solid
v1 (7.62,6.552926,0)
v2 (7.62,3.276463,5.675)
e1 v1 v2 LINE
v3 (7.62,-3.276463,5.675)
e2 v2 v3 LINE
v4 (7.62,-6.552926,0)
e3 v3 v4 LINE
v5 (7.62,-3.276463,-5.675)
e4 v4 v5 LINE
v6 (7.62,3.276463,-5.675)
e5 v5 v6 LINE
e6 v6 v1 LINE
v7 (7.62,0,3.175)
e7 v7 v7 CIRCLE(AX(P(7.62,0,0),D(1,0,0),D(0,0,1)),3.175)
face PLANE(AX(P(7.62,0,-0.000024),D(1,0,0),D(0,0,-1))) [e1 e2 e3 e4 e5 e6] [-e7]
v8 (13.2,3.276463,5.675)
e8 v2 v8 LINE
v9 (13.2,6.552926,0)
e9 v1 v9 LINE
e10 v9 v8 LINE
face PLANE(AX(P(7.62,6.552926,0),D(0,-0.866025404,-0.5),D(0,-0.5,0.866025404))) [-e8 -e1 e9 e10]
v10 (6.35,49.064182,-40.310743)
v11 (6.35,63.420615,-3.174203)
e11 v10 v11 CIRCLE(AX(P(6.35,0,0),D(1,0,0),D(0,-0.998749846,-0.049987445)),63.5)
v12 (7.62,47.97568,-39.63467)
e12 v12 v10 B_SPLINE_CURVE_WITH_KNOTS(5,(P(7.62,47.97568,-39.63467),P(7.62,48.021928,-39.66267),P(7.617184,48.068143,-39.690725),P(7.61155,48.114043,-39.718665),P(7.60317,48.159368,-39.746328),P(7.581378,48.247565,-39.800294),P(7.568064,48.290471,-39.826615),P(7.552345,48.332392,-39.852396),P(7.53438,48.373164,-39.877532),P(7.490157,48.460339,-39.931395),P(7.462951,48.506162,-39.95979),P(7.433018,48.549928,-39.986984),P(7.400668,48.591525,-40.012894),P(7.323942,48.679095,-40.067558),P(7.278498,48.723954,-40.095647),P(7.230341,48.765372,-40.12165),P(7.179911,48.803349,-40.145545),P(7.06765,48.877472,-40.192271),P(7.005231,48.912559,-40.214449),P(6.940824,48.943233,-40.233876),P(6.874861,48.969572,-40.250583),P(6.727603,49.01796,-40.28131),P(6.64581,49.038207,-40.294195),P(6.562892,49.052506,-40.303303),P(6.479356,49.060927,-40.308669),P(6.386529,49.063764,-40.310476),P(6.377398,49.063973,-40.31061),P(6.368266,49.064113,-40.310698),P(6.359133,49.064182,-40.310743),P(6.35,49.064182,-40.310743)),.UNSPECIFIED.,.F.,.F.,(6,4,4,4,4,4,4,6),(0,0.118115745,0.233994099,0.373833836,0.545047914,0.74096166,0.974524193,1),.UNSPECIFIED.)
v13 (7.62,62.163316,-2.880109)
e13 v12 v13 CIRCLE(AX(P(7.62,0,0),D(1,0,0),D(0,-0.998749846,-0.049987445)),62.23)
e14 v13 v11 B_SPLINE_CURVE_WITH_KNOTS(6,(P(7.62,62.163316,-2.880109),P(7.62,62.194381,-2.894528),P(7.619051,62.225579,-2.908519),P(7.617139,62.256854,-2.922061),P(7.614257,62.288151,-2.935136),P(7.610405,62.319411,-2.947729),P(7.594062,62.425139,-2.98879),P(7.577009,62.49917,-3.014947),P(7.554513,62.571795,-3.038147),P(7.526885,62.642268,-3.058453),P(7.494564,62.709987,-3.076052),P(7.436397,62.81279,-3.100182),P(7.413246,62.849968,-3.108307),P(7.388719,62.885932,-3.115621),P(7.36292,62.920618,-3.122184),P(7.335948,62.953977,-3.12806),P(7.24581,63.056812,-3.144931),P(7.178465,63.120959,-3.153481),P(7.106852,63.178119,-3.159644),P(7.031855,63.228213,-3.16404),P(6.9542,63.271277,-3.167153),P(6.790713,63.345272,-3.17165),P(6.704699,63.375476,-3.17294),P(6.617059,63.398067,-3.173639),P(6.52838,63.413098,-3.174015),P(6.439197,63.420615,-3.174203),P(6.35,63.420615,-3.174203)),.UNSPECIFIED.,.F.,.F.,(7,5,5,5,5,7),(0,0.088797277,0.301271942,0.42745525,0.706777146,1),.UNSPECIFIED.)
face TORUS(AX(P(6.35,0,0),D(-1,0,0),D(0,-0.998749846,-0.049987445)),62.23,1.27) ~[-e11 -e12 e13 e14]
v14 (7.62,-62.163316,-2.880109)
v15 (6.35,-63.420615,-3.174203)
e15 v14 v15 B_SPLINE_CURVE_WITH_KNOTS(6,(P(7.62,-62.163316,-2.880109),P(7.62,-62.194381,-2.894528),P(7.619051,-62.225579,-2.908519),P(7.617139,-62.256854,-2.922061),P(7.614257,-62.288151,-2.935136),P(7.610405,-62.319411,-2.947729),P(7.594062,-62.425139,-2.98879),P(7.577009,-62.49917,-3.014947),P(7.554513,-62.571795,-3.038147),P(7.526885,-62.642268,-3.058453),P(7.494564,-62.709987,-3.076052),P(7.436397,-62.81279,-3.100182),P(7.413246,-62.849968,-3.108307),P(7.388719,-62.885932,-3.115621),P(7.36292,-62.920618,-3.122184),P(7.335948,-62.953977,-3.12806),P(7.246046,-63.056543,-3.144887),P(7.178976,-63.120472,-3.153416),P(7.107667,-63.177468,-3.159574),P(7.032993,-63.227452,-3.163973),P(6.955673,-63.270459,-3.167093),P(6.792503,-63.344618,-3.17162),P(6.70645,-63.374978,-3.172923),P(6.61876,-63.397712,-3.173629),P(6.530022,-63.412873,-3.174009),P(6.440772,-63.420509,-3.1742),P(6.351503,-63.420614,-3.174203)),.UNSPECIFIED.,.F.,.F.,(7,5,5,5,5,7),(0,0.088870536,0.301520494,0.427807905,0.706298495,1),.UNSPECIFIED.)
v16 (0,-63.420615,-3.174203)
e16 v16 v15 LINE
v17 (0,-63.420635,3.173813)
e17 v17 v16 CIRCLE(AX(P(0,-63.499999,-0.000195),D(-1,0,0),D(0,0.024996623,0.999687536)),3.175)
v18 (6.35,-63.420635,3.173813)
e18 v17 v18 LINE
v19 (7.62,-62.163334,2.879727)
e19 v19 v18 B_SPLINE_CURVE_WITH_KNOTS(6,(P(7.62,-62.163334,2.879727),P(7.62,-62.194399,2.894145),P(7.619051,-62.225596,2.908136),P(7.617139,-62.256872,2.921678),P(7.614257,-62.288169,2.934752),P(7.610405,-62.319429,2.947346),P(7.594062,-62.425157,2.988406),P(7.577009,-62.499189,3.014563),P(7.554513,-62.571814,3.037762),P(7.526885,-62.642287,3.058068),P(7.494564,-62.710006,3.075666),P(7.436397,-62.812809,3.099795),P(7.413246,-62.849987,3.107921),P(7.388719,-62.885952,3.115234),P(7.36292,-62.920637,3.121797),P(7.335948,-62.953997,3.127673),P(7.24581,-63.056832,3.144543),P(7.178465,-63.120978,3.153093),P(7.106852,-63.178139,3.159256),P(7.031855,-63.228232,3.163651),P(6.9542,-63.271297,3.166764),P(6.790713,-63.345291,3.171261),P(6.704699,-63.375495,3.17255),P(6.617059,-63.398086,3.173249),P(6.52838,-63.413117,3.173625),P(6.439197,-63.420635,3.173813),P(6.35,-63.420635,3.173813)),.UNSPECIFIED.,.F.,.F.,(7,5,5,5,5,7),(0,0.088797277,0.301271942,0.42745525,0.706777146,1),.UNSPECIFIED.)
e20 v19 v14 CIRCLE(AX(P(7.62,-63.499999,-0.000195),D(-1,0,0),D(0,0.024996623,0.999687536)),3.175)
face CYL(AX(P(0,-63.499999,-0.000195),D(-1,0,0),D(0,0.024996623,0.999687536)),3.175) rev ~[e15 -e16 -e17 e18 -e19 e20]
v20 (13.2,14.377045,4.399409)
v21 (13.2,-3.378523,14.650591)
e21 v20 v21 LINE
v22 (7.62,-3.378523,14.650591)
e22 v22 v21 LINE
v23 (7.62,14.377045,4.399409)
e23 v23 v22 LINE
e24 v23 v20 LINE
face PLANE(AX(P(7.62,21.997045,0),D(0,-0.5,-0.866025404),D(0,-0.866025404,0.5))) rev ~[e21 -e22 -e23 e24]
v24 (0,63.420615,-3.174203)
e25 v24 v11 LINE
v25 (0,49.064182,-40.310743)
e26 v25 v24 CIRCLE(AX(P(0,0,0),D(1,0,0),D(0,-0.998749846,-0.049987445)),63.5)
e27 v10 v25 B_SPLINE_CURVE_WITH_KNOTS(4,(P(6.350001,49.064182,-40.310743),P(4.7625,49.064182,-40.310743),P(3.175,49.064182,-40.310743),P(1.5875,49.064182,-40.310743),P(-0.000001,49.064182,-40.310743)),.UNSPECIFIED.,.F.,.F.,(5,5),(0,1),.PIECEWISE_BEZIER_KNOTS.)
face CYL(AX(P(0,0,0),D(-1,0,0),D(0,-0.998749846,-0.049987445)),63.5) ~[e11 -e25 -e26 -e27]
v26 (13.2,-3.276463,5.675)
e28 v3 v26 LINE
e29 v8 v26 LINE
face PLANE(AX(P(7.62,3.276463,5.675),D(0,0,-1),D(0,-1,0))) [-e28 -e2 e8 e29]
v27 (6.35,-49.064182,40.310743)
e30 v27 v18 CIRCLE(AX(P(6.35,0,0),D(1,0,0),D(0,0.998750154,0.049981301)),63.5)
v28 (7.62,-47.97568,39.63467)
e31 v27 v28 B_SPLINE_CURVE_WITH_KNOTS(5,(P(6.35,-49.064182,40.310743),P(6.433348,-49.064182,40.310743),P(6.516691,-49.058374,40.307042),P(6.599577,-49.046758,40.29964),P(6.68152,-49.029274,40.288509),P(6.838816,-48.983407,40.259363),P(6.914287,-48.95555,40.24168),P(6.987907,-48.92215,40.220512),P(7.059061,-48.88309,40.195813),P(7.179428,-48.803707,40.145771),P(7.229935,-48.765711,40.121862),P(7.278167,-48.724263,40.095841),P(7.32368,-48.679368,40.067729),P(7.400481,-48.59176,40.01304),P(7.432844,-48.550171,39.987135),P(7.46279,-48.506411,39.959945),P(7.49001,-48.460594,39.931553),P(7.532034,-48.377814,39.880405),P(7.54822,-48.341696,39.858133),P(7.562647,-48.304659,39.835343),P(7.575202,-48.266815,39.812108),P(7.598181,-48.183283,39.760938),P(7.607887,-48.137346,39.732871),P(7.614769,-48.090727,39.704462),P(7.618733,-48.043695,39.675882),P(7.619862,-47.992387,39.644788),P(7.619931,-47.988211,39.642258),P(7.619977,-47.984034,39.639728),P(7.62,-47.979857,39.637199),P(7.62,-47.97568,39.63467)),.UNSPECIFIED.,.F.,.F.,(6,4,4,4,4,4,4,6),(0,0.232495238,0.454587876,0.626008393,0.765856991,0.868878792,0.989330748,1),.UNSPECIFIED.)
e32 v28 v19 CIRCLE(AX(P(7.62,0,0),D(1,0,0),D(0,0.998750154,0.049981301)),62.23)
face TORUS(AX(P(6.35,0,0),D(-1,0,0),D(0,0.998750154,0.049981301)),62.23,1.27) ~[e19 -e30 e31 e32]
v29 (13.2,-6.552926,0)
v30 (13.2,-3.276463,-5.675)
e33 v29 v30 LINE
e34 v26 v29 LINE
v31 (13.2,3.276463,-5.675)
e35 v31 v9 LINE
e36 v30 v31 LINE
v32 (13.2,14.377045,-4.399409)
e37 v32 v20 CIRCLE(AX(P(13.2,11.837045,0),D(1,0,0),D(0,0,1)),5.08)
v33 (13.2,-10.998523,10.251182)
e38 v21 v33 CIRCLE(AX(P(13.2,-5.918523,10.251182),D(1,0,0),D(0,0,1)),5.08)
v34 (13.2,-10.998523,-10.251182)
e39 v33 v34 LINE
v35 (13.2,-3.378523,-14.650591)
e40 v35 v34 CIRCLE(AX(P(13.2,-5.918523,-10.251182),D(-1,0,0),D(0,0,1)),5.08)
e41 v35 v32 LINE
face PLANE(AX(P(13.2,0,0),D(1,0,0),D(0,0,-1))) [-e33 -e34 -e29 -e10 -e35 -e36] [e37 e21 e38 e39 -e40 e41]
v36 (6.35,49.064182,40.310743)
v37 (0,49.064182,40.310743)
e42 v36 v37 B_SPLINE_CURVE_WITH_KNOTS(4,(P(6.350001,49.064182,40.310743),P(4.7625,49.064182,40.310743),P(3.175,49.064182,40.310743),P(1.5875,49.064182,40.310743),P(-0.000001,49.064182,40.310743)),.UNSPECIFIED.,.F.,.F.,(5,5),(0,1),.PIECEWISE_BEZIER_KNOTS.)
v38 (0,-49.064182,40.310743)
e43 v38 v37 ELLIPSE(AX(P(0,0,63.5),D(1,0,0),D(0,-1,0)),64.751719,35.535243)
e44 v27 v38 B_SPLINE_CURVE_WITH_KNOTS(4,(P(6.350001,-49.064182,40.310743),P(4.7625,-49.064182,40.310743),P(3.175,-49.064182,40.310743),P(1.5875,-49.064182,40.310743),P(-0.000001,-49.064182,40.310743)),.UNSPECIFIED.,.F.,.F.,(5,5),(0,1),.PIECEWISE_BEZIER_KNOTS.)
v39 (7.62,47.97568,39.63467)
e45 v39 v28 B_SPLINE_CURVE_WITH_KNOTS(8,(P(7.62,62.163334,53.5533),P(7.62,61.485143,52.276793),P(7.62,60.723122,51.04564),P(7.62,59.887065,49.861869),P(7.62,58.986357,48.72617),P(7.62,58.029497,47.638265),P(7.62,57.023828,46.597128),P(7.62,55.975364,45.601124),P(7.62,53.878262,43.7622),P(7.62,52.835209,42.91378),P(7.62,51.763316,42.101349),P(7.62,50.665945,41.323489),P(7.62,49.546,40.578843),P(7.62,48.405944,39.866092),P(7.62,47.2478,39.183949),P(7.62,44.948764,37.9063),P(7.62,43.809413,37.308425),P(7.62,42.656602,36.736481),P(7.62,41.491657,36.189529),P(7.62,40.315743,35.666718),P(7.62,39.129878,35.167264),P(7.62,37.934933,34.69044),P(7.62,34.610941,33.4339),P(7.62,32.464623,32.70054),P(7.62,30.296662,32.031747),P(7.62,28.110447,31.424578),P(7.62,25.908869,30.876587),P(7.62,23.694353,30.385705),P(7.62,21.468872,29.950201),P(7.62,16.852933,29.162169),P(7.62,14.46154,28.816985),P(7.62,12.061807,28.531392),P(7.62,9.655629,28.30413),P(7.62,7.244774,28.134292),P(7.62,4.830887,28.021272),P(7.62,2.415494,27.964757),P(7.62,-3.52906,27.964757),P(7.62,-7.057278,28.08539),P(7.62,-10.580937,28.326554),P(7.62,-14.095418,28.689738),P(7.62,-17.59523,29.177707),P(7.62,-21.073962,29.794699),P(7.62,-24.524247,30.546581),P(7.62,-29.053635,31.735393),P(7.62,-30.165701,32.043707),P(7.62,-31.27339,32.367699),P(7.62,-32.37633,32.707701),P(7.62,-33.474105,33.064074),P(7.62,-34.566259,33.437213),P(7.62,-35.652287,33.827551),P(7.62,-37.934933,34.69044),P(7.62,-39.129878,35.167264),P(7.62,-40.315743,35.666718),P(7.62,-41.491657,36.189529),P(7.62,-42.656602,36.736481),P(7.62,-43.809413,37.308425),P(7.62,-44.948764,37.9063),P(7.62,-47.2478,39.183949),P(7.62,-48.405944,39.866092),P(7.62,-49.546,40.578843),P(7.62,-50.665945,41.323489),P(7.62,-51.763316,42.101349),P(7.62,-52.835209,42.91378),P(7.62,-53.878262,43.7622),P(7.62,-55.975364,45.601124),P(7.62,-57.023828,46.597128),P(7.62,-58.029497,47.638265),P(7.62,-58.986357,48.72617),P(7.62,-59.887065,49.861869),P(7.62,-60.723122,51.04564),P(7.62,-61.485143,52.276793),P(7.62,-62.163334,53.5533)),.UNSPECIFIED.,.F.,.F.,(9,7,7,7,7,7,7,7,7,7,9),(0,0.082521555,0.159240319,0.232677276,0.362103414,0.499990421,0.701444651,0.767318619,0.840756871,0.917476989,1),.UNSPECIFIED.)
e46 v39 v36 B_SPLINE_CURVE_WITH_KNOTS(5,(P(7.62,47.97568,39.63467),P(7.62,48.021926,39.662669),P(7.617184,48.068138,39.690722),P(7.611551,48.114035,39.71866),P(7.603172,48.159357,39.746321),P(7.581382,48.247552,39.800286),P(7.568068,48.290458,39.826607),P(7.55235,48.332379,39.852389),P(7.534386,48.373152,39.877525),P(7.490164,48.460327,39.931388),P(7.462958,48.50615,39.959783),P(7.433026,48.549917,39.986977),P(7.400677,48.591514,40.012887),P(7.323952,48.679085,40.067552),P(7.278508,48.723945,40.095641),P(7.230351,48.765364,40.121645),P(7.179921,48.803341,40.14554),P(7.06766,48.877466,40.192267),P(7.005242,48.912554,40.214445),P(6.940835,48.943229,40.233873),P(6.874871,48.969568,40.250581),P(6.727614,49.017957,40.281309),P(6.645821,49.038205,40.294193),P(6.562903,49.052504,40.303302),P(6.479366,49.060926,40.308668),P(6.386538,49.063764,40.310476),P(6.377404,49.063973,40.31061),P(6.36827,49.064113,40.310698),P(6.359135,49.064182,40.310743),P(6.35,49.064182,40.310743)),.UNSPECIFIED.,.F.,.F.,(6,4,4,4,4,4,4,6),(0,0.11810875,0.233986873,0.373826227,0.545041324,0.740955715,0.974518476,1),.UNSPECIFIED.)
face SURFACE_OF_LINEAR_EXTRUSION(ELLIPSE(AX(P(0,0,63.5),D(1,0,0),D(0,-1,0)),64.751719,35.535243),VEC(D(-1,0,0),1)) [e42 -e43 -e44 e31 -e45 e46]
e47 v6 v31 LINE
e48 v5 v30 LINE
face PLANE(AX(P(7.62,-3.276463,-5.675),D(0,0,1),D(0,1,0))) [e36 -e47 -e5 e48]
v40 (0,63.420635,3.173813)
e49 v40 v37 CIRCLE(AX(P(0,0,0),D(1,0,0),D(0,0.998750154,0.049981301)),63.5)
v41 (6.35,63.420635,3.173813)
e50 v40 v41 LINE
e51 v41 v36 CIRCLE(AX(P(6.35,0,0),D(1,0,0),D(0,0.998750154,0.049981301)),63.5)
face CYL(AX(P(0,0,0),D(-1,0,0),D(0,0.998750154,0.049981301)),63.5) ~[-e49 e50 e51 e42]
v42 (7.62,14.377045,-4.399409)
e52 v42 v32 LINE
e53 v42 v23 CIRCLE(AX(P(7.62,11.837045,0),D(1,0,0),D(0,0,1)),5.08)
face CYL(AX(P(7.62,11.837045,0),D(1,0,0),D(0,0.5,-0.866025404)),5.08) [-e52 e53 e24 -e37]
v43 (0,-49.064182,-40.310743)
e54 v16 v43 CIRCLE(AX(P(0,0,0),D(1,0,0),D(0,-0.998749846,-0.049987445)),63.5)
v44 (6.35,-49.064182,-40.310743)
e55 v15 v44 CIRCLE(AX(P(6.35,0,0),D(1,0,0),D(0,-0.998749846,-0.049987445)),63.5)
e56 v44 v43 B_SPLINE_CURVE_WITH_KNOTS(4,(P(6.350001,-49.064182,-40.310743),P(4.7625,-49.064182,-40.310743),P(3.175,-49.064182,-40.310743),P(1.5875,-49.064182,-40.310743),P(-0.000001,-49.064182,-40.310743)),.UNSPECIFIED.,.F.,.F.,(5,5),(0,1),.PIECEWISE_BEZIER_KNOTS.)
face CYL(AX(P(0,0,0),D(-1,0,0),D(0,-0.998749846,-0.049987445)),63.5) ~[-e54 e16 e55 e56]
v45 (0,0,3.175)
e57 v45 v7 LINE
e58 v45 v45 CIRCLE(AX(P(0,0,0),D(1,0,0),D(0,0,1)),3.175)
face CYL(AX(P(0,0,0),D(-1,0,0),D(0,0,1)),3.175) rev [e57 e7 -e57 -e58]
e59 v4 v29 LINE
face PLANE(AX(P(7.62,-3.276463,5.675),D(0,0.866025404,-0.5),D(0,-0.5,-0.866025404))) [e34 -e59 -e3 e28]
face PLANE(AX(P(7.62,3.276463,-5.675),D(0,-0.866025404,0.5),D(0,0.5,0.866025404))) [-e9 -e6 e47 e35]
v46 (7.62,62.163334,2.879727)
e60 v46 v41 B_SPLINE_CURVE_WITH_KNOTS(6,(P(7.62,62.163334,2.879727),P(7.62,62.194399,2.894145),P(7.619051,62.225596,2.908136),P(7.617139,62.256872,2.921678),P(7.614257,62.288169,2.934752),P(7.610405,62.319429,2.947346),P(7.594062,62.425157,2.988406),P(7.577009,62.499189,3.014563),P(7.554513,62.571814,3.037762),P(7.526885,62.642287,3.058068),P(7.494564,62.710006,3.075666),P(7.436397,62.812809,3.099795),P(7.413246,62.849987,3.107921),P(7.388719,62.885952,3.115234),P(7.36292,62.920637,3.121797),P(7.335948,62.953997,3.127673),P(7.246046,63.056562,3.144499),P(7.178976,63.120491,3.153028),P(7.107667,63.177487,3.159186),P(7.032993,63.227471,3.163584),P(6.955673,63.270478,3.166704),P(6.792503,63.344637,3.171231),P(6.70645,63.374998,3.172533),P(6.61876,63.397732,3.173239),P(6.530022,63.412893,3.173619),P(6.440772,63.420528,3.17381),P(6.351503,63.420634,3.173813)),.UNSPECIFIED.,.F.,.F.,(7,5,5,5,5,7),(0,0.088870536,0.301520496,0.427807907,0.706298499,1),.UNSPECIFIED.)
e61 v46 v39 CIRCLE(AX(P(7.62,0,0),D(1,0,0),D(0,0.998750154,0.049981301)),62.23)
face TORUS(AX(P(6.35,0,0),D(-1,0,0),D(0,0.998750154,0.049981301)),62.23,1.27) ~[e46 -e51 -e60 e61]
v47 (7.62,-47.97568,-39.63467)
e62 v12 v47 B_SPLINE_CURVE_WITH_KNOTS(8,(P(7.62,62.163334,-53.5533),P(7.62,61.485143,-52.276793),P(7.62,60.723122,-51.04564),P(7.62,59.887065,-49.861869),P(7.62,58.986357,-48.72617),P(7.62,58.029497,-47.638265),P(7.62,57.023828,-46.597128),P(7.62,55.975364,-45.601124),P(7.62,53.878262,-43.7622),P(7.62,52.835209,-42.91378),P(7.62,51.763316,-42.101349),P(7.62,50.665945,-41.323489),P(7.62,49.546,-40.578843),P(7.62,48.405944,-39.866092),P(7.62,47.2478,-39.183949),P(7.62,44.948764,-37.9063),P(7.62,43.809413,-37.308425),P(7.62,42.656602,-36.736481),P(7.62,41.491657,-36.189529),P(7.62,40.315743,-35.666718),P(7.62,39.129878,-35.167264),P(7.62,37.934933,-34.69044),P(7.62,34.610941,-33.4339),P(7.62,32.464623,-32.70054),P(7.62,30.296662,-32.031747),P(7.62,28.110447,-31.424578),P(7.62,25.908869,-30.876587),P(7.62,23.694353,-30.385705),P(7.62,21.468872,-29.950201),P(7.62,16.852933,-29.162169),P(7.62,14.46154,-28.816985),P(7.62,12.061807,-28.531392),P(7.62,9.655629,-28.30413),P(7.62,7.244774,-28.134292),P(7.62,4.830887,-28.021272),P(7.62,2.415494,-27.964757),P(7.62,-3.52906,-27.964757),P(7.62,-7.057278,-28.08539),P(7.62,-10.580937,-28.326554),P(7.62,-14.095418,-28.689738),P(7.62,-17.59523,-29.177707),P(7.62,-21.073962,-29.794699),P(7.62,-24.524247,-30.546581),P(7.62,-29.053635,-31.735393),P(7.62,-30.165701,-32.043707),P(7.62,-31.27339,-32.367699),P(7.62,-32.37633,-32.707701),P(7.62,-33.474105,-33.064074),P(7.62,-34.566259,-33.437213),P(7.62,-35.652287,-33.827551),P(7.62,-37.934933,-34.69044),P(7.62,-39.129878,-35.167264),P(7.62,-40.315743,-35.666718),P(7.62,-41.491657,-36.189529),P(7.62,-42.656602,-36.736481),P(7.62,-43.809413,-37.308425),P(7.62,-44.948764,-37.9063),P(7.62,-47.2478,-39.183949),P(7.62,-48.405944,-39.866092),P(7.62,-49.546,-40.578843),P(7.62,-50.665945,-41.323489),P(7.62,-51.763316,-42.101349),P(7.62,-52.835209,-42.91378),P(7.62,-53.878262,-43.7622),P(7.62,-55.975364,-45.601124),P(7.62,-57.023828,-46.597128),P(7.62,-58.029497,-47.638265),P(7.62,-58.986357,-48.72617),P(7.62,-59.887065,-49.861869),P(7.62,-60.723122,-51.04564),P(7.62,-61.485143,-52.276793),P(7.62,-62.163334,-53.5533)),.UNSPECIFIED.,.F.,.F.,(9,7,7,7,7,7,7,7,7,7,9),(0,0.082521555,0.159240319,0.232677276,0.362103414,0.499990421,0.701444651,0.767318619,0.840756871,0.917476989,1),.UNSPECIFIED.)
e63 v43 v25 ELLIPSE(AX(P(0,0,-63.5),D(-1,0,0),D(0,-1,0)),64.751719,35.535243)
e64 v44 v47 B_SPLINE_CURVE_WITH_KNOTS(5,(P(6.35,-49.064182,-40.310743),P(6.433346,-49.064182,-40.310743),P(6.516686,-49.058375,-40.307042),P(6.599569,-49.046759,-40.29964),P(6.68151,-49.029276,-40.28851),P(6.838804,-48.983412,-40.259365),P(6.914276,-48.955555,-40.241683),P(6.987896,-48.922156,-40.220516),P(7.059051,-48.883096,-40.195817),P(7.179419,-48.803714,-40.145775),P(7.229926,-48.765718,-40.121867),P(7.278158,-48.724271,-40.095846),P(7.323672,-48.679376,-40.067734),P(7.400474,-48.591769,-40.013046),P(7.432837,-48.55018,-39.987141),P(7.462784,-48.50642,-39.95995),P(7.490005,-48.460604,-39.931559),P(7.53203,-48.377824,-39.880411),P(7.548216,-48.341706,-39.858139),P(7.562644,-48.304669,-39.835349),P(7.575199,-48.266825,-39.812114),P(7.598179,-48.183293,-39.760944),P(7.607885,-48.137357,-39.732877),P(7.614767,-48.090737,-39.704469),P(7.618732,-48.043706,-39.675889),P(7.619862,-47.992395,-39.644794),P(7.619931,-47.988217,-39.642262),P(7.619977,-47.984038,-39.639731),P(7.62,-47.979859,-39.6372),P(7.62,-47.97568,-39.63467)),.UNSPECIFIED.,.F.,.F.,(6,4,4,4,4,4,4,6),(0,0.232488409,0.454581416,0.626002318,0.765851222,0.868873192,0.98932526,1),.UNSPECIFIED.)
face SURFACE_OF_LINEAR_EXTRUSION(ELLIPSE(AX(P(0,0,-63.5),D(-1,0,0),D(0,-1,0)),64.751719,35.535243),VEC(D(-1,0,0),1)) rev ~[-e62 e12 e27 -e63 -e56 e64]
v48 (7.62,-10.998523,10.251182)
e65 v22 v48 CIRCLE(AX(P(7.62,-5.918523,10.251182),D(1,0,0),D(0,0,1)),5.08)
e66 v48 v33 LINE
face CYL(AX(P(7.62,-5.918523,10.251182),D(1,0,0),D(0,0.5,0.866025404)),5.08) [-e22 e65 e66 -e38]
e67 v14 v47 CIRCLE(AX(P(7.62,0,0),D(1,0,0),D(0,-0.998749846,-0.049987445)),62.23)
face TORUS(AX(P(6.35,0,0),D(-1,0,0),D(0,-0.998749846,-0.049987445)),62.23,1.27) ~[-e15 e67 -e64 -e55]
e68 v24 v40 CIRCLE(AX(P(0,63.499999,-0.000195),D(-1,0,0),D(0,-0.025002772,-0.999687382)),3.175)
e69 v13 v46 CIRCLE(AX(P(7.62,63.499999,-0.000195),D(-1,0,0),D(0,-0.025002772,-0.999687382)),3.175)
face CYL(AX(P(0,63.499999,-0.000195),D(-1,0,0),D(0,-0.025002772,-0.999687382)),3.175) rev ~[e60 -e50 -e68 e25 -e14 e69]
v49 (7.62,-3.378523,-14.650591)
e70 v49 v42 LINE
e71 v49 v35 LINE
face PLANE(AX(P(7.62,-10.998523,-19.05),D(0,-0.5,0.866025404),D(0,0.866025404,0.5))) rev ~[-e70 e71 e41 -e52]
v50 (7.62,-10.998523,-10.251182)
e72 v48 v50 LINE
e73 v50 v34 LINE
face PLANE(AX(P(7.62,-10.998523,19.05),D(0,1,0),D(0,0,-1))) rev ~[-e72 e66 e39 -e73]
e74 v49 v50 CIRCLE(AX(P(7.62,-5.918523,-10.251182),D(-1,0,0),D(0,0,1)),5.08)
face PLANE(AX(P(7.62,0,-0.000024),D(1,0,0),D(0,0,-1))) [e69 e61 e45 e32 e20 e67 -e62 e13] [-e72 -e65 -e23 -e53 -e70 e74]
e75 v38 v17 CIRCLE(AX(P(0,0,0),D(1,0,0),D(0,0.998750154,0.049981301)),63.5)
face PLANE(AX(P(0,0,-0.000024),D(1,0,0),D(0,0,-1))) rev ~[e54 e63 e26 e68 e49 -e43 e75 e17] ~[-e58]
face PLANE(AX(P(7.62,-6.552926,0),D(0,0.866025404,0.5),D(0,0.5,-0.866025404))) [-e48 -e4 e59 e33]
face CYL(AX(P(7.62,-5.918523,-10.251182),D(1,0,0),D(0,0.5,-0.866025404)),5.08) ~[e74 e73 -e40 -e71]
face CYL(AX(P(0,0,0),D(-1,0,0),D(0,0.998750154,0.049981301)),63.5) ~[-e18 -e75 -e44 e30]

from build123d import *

# Parameters (mm, degrees)
SKETCH2_R           = 3.175
BOSS_EXTRUDE1_DEPTH = 7.62
BOSS_EXTRUDE2_DEPTH = 5.58
FILLET1_R           = 5.08
FILLET3_R           = 1.27
SKETCH4_RX          = 64.751719118
SKETCH4_RY          = 35.535243055
CUT_EXTRUDE1_DEPTH  = 8.89


with BuildPart() as part:
    # Sketch2 → Boss-Extrude1 (new body)
    with BuildSketch(Plane(origin=(0, 0, 0), x_dir=(0, 0, -1), z_dir=(1, 0, 0))):
        with BuildLine():
            ThreePointArc((3.174202727, -63.420615237), (63.5, 0), (3.174202727, 63.420615237))
            ThreePointArc((3.174202727, 63.420615237), (0.000185525, 60.324999039), (-3.173812636, 63.42063476))
            ThreePointArc((-3.173812636, 63.42063476), (-63.5, 0), (-3.173812636, -63.42063476))
            ThreePointArc((-3.173812636, -63.42063476), (0.000185525, -60.324999039), (3.174202727, -63.420615237))
        make_face()
        with Locations(Location((0, 0, 0), (0, 0, 180))):
            Circle(SKETCH2_R, mode=Mode.SUBTRACT)
    extrude(amount=BOSS_EXTRUDE1_DEPTH)

    # Sketch3 → Boss-Extrude2 (add)
    with BuildSketch(Plane(origin=(7.62, 0, 0), x_dir=(0, 0, -1), z_dir=(1, 0, 0))):
        Polygon((19.05, -10.998522628), (0, 21.997045256), (-19.05, -10.998522628), align=None)
        Polygon((-5.675, 3.276462778), (-5.675, -3.276462778), (0, -6.552925555), (5.675, -3.276462778), (5.675, 3.276462778), (0, 6.552925555), align=None, mode=Mode.SUBTRACT)
    extrude(amount=BOSS_EXTRUDE2_DEPTH)

    # Fillet1
    fillet1_edges = [part.edges().sort_by_distance(p)[0] for p in [
        (10.41, -10.998522628, 19.05),
        (10.41, -10.998522628, -19.05),
        (10.41, 21.997045256, 0),
    ]]
    fillet(fillet1_edges, radius=FILLET1_R)

    # Fillet3
    fillet3_edges = [part.edges().sort_by_distance(p)[0] for p in [
        (7.62, 0, -63.5),
        (7.62, 0, 63.5),
    ]]
    fillet(fillet3_edges, radius=FILLET3_R)

    # Sketch4 → Cut-Extrude1 (cut)
    with BuildSketch(Plane.ZY):
        with Locations(Location((-63.5, 0), (0, 0, -90))):
            Ellipse(SKETCH4_RX, SKETCH4_RY)
    cut_extrude1 = extrude(amount=-CUT_EXTRUDE1_DEPTH, mode=Mode.SUBTRACT)

    # Mirror1: Cut-Extrude1 across plane
    add(cut_extrude1.mirror(Plane.XY), mode=Mode.SUBTRACT)


solid = part.part
